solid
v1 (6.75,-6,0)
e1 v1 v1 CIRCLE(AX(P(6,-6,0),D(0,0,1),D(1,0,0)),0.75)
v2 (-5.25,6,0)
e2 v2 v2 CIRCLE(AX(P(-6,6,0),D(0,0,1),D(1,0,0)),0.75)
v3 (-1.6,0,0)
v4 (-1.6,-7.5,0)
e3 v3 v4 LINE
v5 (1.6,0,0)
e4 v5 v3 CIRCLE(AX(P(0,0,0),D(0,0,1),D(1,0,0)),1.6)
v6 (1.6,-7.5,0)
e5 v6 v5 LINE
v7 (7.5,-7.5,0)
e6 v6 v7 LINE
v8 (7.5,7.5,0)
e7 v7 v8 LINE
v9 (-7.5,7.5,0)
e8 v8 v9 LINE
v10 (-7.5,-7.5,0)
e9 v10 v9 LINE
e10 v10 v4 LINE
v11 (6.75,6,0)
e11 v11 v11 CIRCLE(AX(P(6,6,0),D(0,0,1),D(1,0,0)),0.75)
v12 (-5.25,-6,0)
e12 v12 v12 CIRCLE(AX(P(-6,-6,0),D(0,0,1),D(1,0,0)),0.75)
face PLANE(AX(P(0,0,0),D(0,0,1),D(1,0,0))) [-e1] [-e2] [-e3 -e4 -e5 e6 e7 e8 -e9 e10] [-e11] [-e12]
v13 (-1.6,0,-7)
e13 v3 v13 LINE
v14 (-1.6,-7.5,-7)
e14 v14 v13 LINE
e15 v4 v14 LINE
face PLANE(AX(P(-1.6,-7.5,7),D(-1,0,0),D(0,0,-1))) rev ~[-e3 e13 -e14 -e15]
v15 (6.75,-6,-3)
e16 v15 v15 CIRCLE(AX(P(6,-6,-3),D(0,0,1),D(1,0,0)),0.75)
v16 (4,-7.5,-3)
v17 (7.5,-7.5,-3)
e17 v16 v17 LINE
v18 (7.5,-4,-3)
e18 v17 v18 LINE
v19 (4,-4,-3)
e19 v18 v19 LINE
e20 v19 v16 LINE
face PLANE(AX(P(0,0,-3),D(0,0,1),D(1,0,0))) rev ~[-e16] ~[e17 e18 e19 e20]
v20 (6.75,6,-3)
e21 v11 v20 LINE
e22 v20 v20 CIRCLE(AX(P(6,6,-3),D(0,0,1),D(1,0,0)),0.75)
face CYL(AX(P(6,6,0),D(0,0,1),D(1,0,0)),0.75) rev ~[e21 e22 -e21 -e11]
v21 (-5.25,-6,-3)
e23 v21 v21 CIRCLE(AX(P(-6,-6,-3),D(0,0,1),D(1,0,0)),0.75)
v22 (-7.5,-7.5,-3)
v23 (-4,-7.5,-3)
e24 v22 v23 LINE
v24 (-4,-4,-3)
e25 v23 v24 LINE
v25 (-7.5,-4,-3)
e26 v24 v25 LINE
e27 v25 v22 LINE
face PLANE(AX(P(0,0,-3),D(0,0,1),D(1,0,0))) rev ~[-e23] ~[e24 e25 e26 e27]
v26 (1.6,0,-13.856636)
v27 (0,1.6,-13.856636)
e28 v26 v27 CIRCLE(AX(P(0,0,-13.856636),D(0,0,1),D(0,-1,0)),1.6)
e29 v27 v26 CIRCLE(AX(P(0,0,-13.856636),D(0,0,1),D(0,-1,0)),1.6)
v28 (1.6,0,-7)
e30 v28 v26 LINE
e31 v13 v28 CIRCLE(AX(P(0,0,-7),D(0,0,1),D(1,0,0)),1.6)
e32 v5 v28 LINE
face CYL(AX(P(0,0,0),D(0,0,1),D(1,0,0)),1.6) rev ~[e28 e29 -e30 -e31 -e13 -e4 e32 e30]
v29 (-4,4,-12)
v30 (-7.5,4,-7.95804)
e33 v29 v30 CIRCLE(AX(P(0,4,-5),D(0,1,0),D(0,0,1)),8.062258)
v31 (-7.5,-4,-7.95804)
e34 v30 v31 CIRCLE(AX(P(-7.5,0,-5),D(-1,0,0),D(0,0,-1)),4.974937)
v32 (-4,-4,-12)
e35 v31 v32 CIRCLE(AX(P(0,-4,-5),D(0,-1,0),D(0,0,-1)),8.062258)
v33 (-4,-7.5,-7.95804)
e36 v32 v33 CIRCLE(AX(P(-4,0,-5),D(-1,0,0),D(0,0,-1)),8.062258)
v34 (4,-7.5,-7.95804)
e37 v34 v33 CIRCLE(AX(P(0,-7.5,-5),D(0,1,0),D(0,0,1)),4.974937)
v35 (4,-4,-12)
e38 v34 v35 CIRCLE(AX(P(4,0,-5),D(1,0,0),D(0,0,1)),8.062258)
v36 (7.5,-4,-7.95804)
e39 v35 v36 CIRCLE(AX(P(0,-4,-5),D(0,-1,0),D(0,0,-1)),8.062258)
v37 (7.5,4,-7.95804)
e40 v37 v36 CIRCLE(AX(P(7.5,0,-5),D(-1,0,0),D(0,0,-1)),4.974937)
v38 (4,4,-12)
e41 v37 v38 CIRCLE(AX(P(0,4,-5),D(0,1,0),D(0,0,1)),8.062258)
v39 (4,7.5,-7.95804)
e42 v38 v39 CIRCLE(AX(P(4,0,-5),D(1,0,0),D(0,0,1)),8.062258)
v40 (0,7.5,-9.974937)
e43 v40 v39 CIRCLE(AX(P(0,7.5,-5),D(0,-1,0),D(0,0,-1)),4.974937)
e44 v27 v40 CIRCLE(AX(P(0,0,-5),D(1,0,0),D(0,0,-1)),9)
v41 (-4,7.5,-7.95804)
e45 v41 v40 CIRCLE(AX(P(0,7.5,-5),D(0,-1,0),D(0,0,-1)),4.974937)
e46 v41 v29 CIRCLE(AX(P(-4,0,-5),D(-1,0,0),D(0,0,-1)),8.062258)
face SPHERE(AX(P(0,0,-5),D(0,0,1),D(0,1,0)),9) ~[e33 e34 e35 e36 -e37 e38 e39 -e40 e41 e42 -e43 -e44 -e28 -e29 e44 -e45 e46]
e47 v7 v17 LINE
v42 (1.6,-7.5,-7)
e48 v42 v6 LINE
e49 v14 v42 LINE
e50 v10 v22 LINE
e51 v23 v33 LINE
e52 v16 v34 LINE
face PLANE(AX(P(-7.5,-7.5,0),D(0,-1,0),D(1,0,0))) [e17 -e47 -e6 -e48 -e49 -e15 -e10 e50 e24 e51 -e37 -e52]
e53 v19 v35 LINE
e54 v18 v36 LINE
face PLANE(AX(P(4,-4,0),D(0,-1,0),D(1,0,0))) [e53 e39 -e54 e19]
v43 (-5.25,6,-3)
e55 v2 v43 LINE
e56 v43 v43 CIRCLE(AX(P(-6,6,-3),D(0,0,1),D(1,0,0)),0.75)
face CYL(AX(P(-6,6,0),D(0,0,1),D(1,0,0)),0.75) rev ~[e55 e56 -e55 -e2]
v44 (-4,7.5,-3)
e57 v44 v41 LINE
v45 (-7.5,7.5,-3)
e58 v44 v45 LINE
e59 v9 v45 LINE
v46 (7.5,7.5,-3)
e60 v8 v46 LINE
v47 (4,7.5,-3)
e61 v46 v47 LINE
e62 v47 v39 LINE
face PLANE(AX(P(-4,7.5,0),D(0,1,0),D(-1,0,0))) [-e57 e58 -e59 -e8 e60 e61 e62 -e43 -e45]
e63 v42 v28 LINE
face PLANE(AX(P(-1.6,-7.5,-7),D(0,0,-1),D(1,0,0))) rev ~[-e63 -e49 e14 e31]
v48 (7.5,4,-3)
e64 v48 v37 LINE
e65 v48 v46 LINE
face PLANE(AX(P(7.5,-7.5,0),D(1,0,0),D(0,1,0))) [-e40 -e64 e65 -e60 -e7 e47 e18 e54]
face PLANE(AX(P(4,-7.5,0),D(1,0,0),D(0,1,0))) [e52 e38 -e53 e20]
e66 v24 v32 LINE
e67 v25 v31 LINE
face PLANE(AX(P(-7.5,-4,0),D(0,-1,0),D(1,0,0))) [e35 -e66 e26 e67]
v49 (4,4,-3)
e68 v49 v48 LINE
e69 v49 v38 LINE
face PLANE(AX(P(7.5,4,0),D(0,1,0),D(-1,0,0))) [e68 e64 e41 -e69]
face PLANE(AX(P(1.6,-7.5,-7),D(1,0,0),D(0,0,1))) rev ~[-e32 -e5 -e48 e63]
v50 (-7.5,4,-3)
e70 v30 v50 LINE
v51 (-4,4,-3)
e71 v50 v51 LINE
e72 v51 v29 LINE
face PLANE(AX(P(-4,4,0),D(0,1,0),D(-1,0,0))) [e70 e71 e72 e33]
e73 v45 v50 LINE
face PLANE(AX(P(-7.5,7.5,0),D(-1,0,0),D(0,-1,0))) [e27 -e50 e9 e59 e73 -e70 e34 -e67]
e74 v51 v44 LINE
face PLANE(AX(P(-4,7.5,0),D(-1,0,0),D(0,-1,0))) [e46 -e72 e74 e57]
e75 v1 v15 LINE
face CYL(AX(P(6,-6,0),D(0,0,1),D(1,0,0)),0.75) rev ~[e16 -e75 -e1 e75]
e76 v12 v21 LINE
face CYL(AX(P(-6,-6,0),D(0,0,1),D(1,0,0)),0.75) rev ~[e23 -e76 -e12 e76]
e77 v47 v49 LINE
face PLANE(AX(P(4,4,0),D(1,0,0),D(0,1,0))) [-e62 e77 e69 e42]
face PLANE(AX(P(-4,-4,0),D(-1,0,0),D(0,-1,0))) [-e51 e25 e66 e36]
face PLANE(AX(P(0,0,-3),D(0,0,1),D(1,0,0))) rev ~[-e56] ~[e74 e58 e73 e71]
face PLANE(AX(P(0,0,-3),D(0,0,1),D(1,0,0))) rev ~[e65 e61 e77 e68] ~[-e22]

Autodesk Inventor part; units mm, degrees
ref_plane "YZ Plane" through (0, 0, 0) normal (1, 0, 0) x (0, 1, 0)
ref_plane "XZ Plane" through (0, 0, 0) normal (0, 1, 0) x (-1, 0, 0)
sketch "Boceto1" plane through (0, 0, 0) normal (0, 0, 1) x (1, 0, 0)
  line L0 (-7.5, -7.5) -> (7.5, -7.5)
  line L1 (7.5, -7.5) -> (7.5, 7.5)
  line L2 (7.5, 7.5) -> (-7.5, 7.5)
  line L3 (-7.5, 7.5) -> (-7.5, -7.5)
  line L4 (-7.5, -7.5) -> (7.5, 7.5) construction
  line L5 (7.5, -7.5) -> (-7.5, 7.5) construction
  point P0 (0, 0)
  dimension "d0" = 15
extrude "Extrusión1" add sketch "Boceto1" against normal blind 5
ref_plane "Plano de trabajo1" through (0, -7.5, 0) normal (1, 0, 0) x (0, 0, -1)
sketch "Boceto2" plane through (0, -7.5, 0) normal (1, 0, 0) x (0, 0, -1)
  line L0 (5, 15) -> (5, 0) projected
  arc A0 (14, 7.5) -> (5, 16.5) centre (5, 7.5) ccw
  line L1 (5, 7.5) -> (14, 7.5)
  line L2 (5, 7.5) -> (5, 16.5)
  point P0 (0, 7.5)
  dimension "d5" = 9
revolve "Revolución1" add sketch "Boceto2" angle 360 about axis through (0, 0, -5) along (0, 0, -1)
sketch "Boceto3" plane through (0, 0, 0) normal (0, 0, 1) x (1, 0, 0)
  line L0 (-7.5, 7.5) -> (-7.5, -7.5) projected
  line L1 (-7.5, 7.5) -> (7.5, 7.5)
  line L2 (7.5, 7.5) -> (7.5, -7.5)
  line L3 (7.5, -7.5) -> (-7.5, -7.5)
  line L4 (-7.5, -7.5) -> (-7.5, 7.5)
  circle A0 centre (0, 0) radius 9
  arc A1 (-4.9749, -7.5) -> (4.9749, -7.5) centre (0, 0) ccw projected
  line L5 (-7.5, -7.5) -> (7.5, -7.5) projected
  line L6 (7.5, -7.5) -> (7.5, 7.5) projected
  line L7 (-7.5, 7.5) -> (-4, 7.5)
  line L8 (-4, 7.5) -> (-4, 4)
  line L9 (-4, 4) -> (-7.5, 4)
  line L10 (-7.5, 4) -> (-7.5, 7.5)
  line L11 (-7.5, -7.5) -> (-7.5, -4)
  line L12 (-7.5, -4) -> (-4, -4)
  line L13 (-4, -4) -> (-4, -7.5)
  line L14 (-4, -7.5) -> (-7.5, -7.5)
  line L15 (7.5, -7.5) -> (4, -7.5)
  line L16 (4, -7.5) -> (4, -4)
  line L17 (4, -4) -> (7.5, -4)
  line L18 (7.5, -4) -> (7.5, -7.5)
  line L19 (7.5, 7.5) -> (7.5, 4)
  line L20 (7.5, 4) -> (4, 4)
  line L21 (4, 4) -> (4, 7.5)
  line L22 (4, 7.5) -> (7.5, 7.5)
  point P0 (-7.5, -7.5)
  point P1 (7.5, -4.9749)
  point P2 (7.5, 4.9749)
  point P3 (7.5, -4)
  point P4 (4, -7.5)
  point P5 (4, 7.5)
  point P6 (7.5, 4)
  dimension "d9" = 3.5
  dimension "d12" = 360
extrude "Extrusión2" cut sketch "Boceto3" against normal up to next contours L0 A0 | L0 A0 L1 L8 L9 | L12 L13 L3 A0 L0 | L0 L1 A0 | A0 L3 L0 | A0 L1 | L3 A0 | A0 L2 L20 L21 L1 | L1 L2 A0 | A0 L2 L3 | L3 L16 L17 L2 A0 | A0 L2
sketch "Boceto4" plane through (0, 0, 0) normal (0, 0, 1) x (1, 0, 0)
  line L0 (-7.5, -7.5) -> (7.5, -7.5)
  line L1 (7.5, -7.5) -> (7.5, 7.5)
  line L2 (7.5, 7.5) -> (-7.5, 7.5)
  line L3 (-7.5, 7.5) -> (-7.5, -7.5)
  line L4 (-7.5, -7.5) -> (7.5, 7.5) construction
  line L5 (7.5, -7.5) -> (-7.5, 7.5) construction
  line L6 (4, 7.5) -> (-4, 7.5) projected
  line L7 (7.5, -4) -> (7.5, 4) projected
  point P0 (0, 0)
extrude "Extrusión3" add sketch "Boceto4" against normal blind 3
sketch "Boceto5" plane through (0, 0, 0) normal (0, 0, 1) x (1, 0, 0)
  circle A0 centre (-6, -6) radius 0.75
  circle A1 centre (6, -6) radius 0.75
  circle A2 centre (6, 6) radius 0.75
  circle A3 centre (-6, 6) radius 0.75
  circle A4 centre (0, 0) radius 1.6
  dimension "d16" = 1.5
  dimension "d19" = 360
  dimension "d25" = 3.2
extrude "Extrusión4" cut sketch "Boceto5" against normal up to next
sketch "Boceto6" plane through (-7.5, -7.5, 0) normal (0, -1, 0) x (1, 0, 0)
  line L0 (5.9, 7) -> (5.9, -7)
  line L1 (5.9, -7) -> (9.1, -7)
  line L2 (9.1, -7) -> (9.1, 7)
  line L3 (9.1, 7) -> (5.9, 7)
  line L4 (5.9, 7) -> (9.1, -7) construction
  line L5 (5.9, -7) -> (9.1, 7) construction
  point P0 (7.5, 0)
  point P1 (7.5, 0)
  dimension "d26" = 3.2
  dimension "d27" = 7
extrude "Extrusión5" cut sketch "Boceto6" against normal blind 7.5
properties part number "sujecion_cable_2"
